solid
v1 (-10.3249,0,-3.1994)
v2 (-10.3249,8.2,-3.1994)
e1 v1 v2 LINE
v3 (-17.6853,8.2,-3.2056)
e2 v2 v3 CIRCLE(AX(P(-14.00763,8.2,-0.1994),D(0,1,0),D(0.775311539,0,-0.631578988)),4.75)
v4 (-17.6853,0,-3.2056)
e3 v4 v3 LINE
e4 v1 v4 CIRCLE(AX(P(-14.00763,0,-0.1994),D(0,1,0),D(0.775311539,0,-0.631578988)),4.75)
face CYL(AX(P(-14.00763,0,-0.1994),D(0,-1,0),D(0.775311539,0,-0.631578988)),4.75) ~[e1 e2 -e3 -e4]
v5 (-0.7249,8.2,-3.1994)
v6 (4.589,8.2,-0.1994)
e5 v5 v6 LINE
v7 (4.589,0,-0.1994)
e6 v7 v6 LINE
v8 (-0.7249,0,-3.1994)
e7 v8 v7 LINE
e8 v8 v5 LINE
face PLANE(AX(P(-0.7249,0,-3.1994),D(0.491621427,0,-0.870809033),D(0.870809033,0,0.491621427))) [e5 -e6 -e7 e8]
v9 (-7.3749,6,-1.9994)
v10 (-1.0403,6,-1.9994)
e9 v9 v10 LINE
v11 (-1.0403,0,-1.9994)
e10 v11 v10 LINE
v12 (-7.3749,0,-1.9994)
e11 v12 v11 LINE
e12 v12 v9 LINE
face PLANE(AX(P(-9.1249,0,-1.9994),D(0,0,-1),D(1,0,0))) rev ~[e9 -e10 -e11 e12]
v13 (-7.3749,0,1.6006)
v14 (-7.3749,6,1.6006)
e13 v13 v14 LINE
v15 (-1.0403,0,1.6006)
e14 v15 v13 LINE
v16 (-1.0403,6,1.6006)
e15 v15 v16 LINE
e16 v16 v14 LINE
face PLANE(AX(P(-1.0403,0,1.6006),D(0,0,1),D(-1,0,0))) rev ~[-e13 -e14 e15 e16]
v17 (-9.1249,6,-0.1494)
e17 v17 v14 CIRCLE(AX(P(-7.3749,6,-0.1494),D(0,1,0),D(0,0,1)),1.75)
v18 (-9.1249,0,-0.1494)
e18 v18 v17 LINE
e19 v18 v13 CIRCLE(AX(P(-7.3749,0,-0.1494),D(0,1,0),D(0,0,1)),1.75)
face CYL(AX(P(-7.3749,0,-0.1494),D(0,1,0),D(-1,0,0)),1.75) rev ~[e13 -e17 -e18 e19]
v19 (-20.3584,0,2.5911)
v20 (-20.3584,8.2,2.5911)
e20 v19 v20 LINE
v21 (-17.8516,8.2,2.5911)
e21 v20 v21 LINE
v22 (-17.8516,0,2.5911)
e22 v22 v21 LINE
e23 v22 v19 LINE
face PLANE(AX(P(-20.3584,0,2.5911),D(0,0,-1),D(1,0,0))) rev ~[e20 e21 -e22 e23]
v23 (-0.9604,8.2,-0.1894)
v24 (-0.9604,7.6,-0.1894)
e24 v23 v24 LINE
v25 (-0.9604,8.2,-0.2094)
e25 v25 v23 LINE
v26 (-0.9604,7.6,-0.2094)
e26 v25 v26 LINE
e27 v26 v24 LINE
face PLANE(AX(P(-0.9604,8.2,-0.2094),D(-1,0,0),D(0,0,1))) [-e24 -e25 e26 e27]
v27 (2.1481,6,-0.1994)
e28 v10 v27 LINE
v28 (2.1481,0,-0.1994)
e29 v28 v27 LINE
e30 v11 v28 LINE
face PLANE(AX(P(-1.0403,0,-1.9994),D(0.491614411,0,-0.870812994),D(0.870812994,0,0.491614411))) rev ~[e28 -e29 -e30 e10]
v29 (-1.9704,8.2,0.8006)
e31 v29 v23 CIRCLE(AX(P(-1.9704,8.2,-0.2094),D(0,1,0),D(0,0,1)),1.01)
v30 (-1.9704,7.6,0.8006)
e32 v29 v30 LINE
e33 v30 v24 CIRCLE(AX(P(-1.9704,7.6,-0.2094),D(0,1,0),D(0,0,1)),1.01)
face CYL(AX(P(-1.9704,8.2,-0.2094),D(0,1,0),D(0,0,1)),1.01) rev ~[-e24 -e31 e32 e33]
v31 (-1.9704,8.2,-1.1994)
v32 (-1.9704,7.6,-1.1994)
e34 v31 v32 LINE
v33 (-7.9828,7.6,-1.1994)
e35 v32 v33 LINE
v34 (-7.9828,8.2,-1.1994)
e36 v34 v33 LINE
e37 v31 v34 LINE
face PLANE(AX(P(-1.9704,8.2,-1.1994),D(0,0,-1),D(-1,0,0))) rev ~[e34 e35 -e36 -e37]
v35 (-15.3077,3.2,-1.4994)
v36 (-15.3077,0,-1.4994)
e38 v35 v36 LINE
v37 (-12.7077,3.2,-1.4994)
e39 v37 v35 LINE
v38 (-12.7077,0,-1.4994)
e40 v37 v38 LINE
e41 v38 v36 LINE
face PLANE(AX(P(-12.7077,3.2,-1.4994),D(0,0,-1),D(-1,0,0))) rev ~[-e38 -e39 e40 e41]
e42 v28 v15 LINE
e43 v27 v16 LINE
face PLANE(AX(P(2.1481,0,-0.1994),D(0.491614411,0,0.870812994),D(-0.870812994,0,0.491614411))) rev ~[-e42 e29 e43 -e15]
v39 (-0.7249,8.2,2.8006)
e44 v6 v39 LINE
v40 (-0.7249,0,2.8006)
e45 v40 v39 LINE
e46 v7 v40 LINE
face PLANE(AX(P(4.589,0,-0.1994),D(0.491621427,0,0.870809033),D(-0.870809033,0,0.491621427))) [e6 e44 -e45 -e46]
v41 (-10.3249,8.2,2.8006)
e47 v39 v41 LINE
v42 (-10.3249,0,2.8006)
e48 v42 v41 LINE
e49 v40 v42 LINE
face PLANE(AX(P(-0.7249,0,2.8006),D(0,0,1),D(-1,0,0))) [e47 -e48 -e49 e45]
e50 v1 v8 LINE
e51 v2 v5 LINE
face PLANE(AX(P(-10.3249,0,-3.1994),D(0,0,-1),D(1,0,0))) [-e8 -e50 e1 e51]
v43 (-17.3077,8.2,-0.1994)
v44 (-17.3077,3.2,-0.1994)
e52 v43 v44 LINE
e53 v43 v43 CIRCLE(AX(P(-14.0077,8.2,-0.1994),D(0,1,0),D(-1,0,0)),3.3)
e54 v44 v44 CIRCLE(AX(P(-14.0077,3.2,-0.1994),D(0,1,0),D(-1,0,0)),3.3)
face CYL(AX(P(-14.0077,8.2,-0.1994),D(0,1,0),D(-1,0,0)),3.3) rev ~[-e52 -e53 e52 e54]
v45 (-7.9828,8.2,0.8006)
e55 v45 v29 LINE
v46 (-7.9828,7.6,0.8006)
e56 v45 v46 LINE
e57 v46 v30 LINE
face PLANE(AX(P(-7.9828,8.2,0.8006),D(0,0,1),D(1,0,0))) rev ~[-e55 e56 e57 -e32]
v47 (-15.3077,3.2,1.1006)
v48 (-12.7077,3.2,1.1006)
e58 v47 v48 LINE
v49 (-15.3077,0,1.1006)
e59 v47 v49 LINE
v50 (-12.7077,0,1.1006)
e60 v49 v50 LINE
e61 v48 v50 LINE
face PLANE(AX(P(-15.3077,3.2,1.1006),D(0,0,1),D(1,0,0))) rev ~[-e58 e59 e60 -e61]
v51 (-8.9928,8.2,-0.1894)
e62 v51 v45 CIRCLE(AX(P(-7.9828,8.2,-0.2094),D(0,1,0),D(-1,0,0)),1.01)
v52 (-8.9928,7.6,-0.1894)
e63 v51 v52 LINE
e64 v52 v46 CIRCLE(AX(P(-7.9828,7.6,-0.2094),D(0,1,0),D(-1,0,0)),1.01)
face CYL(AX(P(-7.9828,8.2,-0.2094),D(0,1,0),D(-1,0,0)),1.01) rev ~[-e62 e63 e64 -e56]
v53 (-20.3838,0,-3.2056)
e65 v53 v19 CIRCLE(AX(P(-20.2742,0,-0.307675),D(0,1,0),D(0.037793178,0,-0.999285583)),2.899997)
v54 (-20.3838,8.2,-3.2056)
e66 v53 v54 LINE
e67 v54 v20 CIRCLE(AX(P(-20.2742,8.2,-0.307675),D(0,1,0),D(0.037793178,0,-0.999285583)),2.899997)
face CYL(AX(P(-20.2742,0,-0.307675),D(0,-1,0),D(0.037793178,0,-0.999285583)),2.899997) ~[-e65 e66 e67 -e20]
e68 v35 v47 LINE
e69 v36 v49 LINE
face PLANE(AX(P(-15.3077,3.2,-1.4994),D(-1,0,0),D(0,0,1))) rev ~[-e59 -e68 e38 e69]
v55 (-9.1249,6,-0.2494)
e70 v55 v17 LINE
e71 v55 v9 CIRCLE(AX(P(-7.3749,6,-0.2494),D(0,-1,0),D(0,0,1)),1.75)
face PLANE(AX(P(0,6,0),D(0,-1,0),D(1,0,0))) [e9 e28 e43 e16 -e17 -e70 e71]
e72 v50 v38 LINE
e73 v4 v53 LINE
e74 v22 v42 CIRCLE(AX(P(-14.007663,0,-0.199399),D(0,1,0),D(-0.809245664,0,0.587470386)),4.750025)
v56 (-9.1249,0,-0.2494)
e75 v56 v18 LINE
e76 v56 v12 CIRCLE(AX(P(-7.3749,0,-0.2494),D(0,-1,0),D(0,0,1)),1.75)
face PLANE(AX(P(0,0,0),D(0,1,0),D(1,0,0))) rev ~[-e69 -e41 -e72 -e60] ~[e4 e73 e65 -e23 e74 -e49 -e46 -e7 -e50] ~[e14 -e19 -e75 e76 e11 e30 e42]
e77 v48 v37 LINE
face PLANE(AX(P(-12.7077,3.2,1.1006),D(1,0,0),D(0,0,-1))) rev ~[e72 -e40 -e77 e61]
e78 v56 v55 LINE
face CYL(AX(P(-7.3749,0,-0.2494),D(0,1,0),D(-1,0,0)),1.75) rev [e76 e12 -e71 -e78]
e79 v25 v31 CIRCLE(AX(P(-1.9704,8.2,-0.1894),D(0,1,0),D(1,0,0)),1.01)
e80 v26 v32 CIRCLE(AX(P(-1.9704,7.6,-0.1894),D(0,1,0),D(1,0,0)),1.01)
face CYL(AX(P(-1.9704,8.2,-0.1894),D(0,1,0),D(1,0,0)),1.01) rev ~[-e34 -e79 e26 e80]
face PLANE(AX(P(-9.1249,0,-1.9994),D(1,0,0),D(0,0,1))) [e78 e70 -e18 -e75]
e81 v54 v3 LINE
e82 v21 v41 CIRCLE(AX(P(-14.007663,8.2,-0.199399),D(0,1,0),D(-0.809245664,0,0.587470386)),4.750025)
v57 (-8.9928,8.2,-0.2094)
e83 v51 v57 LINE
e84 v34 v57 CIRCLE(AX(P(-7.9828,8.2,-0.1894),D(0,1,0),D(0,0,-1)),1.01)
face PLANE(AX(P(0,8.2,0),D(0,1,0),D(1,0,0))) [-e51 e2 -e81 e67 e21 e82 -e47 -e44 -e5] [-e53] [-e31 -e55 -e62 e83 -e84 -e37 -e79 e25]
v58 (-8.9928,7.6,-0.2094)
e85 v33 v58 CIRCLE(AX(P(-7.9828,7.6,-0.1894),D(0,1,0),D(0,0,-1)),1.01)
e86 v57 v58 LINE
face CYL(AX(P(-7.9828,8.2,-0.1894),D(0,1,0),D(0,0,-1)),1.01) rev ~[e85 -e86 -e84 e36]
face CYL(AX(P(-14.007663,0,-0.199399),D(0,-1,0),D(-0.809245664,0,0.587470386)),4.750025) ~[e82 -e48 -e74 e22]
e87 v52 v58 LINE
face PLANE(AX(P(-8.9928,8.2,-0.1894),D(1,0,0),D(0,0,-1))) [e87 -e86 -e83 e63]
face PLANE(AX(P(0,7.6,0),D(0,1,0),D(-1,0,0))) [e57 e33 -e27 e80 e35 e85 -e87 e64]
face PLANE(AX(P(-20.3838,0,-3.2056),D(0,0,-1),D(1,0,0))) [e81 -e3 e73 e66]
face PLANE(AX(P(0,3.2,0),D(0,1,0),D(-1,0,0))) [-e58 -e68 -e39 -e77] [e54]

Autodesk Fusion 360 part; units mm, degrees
sketch "Sketch1" plane through (0, 0, 0) normal (0, 1, 0) x (1, 0, 0)
  line L0 (-20.3838, 3.2056) -> (-17.6853, 3.2056)
  line L1 (-20.3584, -2.5911) -> (-17.8516, -2.5911)
  line L2 (-10.3249, 3.1994) -> (-0.7249, 3.1994)
  line L3 (-0.7249, 3.1994) -> (4.589, 0.1994)
  line L4 (4.589, 0.1994) -> (-0.7249, -2.8006)
  line L5 (-0.7249, -2.8006) -> (-10.3249, -2.8006)
  arc A0 (-20.1646, 3.2056) -> (-20.19, -2.5911) centre (-20.2742, 0.3077) ccw
  arc A1 (-10.3249, 3.1994) -> (-17.6853, 3.2056) centre (-14.0077, 0.1994) ccw
  arc A2 (-17.8516, -2.5911) -> (-10.3249, -2.8006) centre (-14.0077, 0.1994) ccw
  line L6 (-22.911, 1.5149) -> (3.7873, -2.43) construction
  dimension "d1" = 5.8
  dimension "d2" = 9.5
  dimension "d4" = 27.5
  dimension "d32" = 6
  dimension "d33" = 9.6
  dimension "d34" = 9
extrude "Extrude1" add sketch "Sketch1" along normal blind 8.2
sketch "Sketch2" plane through (0, 8.2, 0) normal (0, 1, 0) x (-1, 0, 0)
  arc A0 (20.3838, -3.2056) -> (20.3584, 2.5911) centre (20.2742, -0.3077) ccw
  line L0 (20.3584, 2.5911) -> (17.8516, 2.5911)
  arc A1 (17.8516, 2.5911) -> (10.3249, 2.8006) centre (14.0077, -0.1994) ccw
  line L1 (10.3249, 2.8006) -> (0.7249, 2.8006)
  line L2 (0.7249, 2.8006) -> (-4.589, -0.1994)
  line L3 (-4.589, -0.1994) -> (0.7249, -3.1994)
  line L4 (0.7249, -3.1994) -> (10.3249, -3.1994)
  arc A2 (10.3249, -3.1994) -> (17.6853, -3.2056) centre (14.0077, -0.1994) ccw
  line L5 (17.6853, -3.2056) -> (20.3838, -3.2056)
  circle A3 centre (14.0077, -0.1994) radius 3.3
  dimension "d9" = 6.6
extrude "Extrude2" cut sketch "Sketch2" against normal blind 5 contours A3
sketch "Sketch3" plane through (0, 3.2, 0) normal (0, 1, 0) x (-1, 0, 0)
  circle A0 centre (14.0077, -0.1994) radius 3.3
  line L0 (12.7077, -1.4994) -> (15.3077, -1.4994)
  line L1 (15.3077, -1.4994) -> (15.3077, 1.1006)
  line L2 (15.3077, 1.1006) -> (12.7077, 1.1006)
  line L3 (12.7077, 1.1006) -> (12.7077, -1.4994)
  line L4 (12.7077, -1.4994) -> (15.3077, 1.1006) construction
  line L5 (15.3077, -1.4994) -> (12.7077, 1.1006) construction
  point P0 (14.0077, -0.1994)
  dimension "d12" = 2.6
extrude "Extrude3" cut sketch "Sketch3" against normal blind 13 contours L0 L1 L2 L3
sketch "Sketch6" plane through (0, 8.2, 0) normal (0, 1, 0) x (-1, 0, 0)
  circle A0 centre (14.0077, -0.1994) radius 3.3
  arc A1 (20.3838, -3.2056) -> (20.3584, 2.5911) centre (20.2742, -0.3077) ccw
  line L0 (20.3584, 2.5911) -> (17.8516, 2.5911)
  arc A2 (17.8516, 2.5911) -> (10.3249, 2.8006) centre (14.0077, -0.1994) ccw
  line L1 (10.3249, 2.8006) -> (0.7249, 2.8006)
  line L2 (0.7249, 2.8006) -> (-4.589, -0.1994)
  line L3 (-4.589, -0.1994) -> (0.7249, -3.1994)
  line L4 (0.7249, -3.1994) -> (10.3249, -3.1994)
  arc A3 (10.3249, -3.1994) -> (17.6853, -3.2056) centre (14.0077, -0.1994) ccw
  line L5 (17.6853, -3.2056) -> (20.3838, -3.2056)
  line L6 (-0.0396, -2.1994) -> (9.9928, -2.1994) construction
  line L7 (9.9928, -2.1994) -> (9.9928, 1.8006) construction
  line L8 (9.9928, 1.8006) -> (-0.0396, 1.8006) construction
  line L9 (-0.0396, 1.8006) -> (-0.0396, -2.1994) construction
  line L10 (-0.0396, -2.1994) -> (9.9928, 1.8006) construction
  line L11 (9.9928, -2.1994) -> (-0.0396, 1.8006) construction
  line L12 (7.9828, 0.8006) -> (1.9704, 0.8006)
  line L13 (0.9604, -0.2094) -> (0.9604, -0.1894)
  line L14 (1.9704, -1.1994) -> (7.9828, -1.1994)
  line L15 (8.9928, -0.1894) -> (8.9928, -0.2094)
  arc A4 (0.9604, -0.1894) -> (1.9704, -1.1994) centre (1.9704, -0.1894) ccw
  arc A5 (1.9704, 0.8006) -> (0.9604, -0.2094) centre (1.9704, -0.2094) ccw
  arc A6 (8.9928, -0.2094) -> (7.9828, 0.8006) centre (7.9828, -0.2094) ccw
  arc A7 (7.9828, -1.1994) -> (8.9928, -0.1894) centre (7.9828, -0.1894) ccw
  line L16 (-4.589, -0.1994) -> (8.9928, -0.1994) construction
  line L17 (9.9928, -0.1994) -> (23.1722, -0.1994) construction
  point P0 (4.9766, -0.1994)
  dimension "d28" = 1.01
  dimension "d29" = 2
extrude "Extrude4" cut sketch "Sketch6" against normal blind 0.6 contours L12 L13 L14 L15 A4 A5 A6 A7
sketch "Sketch9" plane through (0, 0, 0) normal (0, -1, 0) x (1, 0, 0)
  line L0 (-12.7077, -1.4994) -> (-15.3077, -1.4994)
  line L1 (-15.3077, -1.4994) -> (-15.3077, 1.1006)
  line L2 (-15.3077, 1.1006) -> (-12.7077, 1.1006)
  line L3 (-12.7077, 1.1006) -> (-12.7077, -1.4994)
  arc A0 (-20.3584, 2.5911) -> (-20.3838, -3.2056) centre (-20.2742, -0.3077) ccw
  line L4 (-20.3838, -3.2056) -> (-17.6853, -3.2056)
  arc A1 (-17.6853, -3.2056) -> (-10.3249, -3.1994) centre (-14.0077, -0.1994) ccw
  line L5 (-10.3249, -3.1994) -> (-0.7249, -3.1994)
  line L6 (-0.7249, -3.1994) -> (4.589, -0.1994)
  line L7 (4.589, -0.1994) -> (-0.7249, 2.8006)
  line L8 (-0.7249, 2.8006) -> (-10.3249, 2.8006)
  arc A2 (-10.3249, 2.8006) -> (-17.8516, 2.5911) centre (-14.0077, -0.1994) ccw
  line L9 (-17.8516, 2.5911) -> (-20.3584, 2.5911)
  line L10 (-0.7249, -3.1994) -> (-10.3249, -3.1994)
  line L11 (-10.3249, 2.8006) -> (-0.7249, 2.8006)
  line L12 (-0.7249, 2.8006) -> (4.589, -0.1994)
  line L13 (4.589, -0.1994) -> (-0.7249, -3.1994)
  line L14 (-10.3249, -3.1994) -> (-10.3249, 2.8006) construction
  line L15 (-1.0403, -1.9994) -> (2.1481, -0.1994)
  line L16 (2.1481, -0.1994) -> (-1.0403, 1.6006)
  line L17 (-1.0403, 1.6006) -> (-9.1249, 1.6006)
  line L18 (-9.1249, -1.9994) -> (-9.1249, 1.6006)
  line L19 (-9.1249, -1.9994) -> (-1.0403, -1.9994)
  point P0 (-10.3249, -3.1994)
  point P1 (-0.7249, -3.1994)
  point P2 (4.589, -0.1994)
  point P3 (-0.7249, 2.8006)
  point P4 (-10.3249, 2.8006)
  dimension "d35" = -1.2
extrude "Extrude5" cut sketch "Sketch9" against normal blind 6 contours L15 L16 L17 L18 L19
fillet "Fillet1" radius 1.75 2 edges at (-9.1249, 3, 1.6006) (-9.1249, 3, -1.9994)
